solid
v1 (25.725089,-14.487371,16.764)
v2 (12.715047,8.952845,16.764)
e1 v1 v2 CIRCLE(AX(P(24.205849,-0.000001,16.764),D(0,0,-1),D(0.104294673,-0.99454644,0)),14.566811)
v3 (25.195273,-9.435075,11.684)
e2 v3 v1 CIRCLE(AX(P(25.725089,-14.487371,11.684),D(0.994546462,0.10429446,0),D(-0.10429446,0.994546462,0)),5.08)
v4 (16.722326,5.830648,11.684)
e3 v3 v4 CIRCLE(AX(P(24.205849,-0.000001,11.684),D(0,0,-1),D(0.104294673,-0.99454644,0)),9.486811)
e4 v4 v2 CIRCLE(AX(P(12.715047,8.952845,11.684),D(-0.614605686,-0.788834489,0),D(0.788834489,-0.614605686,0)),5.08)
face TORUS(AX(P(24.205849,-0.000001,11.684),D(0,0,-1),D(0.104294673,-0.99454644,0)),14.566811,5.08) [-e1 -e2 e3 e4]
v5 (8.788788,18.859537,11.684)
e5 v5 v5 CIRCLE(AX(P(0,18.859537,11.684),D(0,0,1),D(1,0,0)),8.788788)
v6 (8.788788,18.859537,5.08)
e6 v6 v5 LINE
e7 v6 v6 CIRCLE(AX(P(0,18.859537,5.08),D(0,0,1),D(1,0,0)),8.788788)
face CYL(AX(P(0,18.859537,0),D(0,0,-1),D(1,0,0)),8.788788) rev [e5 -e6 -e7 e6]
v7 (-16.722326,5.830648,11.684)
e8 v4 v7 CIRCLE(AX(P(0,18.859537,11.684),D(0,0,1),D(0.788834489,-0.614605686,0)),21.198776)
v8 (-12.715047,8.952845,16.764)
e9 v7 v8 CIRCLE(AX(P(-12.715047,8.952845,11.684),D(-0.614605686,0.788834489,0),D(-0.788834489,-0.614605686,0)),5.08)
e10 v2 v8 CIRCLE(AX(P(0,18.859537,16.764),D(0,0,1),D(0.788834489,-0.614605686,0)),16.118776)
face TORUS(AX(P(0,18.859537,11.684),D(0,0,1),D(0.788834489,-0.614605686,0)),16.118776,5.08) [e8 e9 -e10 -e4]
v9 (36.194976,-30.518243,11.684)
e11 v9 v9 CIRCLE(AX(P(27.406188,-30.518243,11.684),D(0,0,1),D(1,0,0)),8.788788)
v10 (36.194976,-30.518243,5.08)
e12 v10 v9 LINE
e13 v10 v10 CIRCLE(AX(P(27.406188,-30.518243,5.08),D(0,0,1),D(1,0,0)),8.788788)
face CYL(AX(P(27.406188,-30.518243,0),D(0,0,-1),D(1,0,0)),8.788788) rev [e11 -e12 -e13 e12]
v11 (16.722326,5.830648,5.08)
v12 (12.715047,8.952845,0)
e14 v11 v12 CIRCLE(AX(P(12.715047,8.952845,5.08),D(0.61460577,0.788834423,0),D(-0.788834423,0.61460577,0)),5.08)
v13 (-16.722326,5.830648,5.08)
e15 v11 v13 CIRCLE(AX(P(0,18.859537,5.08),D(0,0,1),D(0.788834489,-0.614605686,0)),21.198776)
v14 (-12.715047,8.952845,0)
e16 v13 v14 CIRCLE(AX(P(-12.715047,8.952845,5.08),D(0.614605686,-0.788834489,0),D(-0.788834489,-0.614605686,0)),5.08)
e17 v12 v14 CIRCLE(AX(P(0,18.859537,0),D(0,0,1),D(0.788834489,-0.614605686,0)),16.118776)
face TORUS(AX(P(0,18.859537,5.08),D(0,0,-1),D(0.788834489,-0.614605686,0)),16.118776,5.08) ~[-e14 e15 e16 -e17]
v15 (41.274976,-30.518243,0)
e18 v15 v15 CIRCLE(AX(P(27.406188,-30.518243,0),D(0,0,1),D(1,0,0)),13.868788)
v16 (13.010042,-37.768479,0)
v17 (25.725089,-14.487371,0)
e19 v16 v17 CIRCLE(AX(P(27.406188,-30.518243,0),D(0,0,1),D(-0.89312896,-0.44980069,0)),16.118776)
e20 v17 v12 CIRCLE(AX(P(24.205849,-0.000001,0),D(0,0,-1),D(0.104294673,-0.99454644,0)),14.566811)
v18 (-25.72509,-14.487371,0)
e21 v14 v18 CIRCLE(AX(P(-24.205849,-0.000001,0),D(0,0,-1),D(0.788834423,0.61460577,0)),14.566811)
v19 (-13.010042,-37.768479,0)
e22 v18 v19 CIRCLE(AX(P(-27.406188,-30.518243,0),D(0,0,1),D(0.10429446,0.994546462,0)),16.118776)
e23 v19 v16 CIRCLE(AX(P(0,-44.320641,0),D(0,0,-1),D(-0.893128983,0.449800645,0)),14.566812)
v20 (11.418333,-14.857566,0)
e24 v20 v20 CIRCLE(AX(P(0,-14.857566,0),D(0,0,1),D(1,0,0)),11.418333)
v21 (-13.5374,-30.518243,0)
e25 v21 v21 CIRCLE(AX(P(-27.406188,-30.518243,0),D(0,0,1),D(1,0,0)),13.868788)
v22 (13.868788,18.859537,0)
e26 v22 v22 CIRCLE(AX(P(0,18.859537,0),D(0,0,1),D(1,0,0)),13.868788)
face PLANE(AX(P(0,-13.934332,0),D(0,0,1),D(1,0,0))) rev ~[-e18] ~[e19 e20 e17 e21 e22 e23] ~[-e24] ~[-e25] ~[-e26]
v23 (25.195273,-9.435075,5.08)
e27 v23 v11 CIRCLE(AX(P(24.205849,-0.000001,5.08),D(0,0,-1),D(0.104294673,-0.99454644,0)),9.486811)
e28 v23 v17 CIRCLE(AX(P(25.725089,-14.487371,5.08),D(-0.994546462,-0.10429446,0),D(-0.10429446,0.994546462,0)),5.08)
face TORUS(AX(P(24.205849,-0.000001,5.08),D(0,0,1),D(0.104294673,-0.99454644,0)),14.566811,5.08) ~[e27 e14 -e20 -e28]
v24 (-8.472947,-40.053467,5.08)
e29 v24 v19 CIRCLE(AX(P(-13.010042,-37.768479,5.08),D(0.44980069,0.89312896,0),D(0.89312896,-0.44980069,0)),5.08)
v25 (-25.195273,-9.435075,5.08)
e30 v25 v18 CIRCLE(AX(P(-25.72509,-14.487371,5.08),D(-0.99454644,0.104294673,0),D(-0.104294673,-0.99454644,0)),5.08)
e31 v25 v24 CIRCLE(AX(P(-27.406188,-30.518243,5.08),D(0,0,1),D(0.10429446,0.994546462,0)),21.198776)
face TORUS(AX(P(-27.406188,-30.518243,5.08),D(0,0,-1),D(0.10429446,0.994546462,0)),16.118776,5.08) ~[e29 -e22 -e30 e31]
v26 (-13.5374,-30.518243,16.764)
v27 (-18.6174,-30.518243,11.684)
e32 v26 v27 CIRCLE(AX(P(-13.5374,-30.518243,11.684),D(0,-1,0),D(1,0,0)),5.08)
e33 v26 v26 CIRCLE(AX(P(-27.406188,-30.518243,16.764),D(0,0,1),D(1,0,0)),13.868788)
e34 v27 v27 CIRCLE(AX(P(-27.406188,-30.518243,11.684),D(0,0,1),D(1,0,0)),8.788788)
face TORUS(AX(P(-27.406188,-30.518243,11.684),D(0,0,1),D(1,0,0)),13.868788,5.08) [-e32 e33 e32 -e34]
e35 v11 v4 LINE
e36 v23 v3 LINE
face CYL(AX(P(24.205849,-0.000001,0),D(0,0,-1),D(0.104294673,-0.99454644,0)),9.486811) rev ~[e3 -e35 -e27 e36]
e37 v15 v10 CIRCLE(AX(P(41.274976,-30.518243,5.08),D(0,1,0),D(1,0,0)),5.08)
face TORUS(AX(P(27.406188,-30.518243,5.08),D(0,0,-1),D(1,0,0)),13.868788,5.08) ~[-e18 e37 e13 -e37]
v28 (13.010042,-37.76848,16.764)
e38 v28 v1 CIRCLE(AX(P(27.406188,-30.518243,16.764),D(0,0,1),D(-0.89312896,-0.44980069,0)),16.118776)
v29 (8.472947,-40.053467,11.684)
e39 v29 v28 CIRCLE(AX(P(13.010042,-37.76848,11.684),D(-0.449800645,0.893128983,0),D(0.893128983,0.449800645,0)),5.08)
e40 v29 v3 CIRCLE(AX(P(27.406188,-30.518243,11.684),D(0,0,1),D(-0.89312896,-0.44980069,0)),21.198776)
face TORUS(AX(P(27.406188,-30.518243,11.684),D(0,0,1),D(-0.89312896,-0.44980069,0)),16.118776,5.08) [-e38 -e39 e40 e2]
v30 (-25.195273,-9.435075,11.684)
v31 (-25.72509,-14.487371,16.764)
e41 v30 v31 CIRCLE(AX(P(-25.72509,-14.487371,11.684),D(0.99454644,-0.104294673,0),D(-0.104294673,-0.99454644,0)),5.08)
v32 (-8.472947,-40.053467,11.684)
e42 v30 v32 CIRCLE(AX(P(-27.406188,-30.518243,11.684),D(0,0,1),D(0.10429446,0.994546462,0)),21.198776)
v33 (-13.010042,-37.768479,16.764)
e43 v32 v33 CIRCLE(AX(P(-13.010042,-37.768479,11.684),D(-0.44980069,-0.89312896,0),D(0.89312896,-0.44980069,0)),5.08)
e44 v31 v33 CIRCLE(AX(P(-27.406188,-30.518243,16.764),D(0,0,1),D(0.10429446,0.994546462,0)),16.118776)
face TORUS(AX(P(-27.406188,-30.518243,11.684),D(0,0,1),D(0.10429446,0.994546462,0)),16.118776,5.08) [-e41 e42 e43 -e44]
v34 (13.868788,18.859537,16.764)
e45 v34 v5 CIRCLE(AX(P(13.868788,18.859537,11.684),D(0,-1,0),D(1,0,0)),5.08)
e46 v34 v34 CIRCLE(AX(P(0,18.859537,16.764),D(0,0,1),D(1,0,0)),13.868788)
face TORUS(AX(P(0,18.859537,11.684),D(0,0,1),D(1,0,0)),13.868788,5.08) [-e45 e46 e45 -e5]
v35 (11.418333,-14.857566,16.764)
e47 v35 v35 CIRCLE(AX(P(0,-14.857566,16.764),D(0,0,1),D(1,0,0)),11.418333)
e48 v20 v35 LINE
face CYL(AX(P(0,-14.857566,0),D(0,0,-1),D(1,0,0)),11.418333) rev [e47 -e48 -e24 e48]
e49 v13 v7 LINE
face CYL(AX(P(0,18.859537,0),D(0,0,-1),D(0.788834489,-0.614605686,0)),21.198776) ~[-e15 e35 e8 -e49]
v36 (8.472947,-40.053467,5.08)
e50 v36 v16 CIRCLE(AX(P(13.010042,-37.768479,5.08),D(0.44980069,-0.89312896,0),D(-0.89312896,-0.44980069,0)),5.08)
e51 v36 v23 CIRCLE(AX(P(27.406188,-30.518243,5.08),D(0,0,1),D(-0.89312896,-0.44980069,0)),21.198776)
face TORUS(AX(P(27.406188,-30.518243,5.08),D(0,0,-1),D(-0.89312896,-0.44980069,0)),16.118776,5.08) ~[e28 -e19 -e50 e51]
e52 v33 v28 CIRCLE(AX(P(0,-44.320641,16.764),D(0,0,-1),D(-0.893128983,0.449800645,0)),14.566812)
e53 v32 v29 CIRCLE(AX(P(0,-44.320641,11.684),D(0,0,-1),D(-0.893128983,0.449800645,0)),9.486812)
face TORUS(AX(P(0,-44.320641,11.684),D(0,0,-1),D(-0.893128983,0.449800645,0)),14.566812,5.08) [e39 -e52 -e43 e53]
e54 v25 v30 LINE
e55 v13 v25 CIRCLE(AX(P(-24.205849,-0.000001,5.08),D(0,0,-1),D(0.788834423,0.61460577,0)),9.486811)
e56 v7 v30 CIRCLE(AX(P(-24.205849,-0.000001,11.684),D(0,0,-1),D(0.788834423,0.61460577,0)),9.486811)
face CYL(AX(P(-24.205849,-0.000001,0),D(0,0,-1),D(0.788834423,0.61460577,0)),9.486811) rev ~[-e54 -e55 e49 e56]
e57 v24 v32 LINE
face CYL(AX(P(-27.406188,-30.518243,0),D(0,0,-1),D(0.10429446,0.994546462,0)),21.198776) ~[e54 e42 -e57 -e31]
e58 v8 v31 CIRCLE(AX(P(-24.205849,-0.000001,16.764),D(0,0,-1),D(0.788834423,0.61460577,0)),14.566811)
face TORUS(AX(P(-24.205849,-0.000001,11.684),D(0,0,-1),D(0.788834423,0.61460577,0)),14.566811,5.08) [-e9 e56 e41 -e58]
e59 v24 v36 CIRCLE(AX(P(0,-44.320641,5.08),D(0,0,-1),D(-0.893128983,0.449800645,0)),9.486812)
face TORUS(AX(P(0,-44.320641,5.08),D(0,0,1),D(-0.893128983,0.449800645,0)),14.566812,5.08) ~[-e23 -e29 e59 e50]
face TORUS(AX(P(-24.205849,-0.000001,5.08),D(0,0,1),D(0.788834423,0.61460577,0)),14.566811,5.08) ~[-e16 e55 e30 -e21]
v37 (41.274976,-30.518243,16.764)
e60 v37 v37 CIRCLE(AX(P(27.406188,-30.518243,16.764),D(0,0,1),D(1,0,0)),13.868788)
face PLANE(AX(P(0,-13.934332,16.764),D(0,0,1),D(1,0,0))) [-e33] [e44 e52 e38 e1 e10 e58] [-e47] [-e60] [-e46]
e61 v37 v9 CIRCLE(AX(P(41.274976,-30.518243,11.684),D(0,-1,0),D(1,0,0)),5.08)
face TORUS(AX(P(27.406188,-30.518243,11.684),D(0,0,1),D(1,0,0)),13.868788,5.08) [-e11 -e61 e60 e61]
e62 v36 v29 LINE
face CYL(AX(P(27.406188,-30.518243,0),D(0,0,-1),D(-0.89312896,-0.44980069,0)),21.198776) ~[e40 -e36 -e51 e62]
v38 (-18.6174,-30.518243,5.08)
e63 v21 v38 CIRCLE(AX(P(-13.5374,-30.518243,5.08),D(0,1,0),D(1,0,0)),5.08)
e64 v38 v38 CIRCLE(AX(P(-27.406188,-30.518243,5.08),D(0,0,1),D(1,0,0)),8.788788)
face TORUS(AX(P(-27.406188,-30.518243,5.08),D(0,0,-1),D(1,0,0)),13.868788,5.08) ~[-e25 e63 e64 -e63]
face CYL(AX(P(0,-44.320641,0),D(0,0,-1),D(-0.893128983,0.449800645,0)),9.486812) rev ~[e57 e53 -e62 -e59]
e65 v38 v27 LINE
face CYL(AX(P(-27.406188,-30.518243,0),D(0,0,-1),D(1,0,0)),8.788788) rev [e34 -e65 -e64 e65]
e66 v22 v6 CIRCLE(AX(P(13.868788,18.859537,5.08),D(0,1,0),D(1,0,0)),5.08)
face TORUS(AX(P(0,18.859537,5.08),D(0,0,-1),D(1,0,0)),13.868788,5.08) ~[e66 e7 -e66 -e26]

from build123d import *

# Parameters (mm, degrees)
F0_R     = 8.788788
F0_R_2   = 11.418333
F1_DEPTH = 16.764
F2_R     = 5.08
F3_R     = 5.08


with BuildPart() as f1:
    # F0 (on Top) → F1 (new body)
    with BuildSketch(Plane.XY):
        with BuildLine():
            ThreePointArc((25.195273, -9.435075), (15.911037, -4.603877), (16.722326, 5.830648))
            ThreePointArc((16.722326, 5.830648), (0, 40.058313), (-16.722326, 5.830648))
            ThreePointArc((-16.722326, 5.830648), (-15.911037, -4.603877), (-25.195273, -9.435075))
            ThreePointArc((-25.195273, -9.435075), (-46.011034, -40.679336), (-8.472947, -40.053467))
            ThreePointArc((-8.472947, -40.053467), (0, -34.833829), (8.472947, -40.053467))
            ThreePointArc((8.472947, -40.053467), (46.011034, -40.679336), (25.195273, -9.435075))
        make_face()
        with Locations((-27.406188, -30.518243)):
            Circle(F0_R, mode=Mode.SUBTRACT)
        with Locations((0, -14.857566)):
            Circle(F0_R_2, mode=Mode.SUBTRACT)
        with Locations((27.406188, -30.518243)):
            Circle(F0_R, mode=Mode.SUBTRACT)
        with Locations((0, 18.859537)):
            Circle(F0_R, mode=Mode.SUBTRACT)
    extrude(amount=F1_DEPTH)

    # F2
    f2_edges = [f1.edges().sort_by_distance(p)[0] for p in [
        (0, 40.058313, 16.764),
        (46.011034, -40.679336, 0),
    ]]
    fillet(f2_edges, radius=F2_R)

    # F3
    f3_edges = [f1.edges().sort_by_distance(p)[0] for p in [
        (-36.194976, -30.518243, 0),
        (18.6174, -30.518243, 0),
        (-8.788788, 18.859537, 0),
        (-36.194976, -30.518243, 16.764),
        (-8.788788, 18.859537, 16.764),
        (18.6174, -30.518243, 16.764),
    ]]
    fillet(f3_edges, radius=F3_R)


solid = f1.part
